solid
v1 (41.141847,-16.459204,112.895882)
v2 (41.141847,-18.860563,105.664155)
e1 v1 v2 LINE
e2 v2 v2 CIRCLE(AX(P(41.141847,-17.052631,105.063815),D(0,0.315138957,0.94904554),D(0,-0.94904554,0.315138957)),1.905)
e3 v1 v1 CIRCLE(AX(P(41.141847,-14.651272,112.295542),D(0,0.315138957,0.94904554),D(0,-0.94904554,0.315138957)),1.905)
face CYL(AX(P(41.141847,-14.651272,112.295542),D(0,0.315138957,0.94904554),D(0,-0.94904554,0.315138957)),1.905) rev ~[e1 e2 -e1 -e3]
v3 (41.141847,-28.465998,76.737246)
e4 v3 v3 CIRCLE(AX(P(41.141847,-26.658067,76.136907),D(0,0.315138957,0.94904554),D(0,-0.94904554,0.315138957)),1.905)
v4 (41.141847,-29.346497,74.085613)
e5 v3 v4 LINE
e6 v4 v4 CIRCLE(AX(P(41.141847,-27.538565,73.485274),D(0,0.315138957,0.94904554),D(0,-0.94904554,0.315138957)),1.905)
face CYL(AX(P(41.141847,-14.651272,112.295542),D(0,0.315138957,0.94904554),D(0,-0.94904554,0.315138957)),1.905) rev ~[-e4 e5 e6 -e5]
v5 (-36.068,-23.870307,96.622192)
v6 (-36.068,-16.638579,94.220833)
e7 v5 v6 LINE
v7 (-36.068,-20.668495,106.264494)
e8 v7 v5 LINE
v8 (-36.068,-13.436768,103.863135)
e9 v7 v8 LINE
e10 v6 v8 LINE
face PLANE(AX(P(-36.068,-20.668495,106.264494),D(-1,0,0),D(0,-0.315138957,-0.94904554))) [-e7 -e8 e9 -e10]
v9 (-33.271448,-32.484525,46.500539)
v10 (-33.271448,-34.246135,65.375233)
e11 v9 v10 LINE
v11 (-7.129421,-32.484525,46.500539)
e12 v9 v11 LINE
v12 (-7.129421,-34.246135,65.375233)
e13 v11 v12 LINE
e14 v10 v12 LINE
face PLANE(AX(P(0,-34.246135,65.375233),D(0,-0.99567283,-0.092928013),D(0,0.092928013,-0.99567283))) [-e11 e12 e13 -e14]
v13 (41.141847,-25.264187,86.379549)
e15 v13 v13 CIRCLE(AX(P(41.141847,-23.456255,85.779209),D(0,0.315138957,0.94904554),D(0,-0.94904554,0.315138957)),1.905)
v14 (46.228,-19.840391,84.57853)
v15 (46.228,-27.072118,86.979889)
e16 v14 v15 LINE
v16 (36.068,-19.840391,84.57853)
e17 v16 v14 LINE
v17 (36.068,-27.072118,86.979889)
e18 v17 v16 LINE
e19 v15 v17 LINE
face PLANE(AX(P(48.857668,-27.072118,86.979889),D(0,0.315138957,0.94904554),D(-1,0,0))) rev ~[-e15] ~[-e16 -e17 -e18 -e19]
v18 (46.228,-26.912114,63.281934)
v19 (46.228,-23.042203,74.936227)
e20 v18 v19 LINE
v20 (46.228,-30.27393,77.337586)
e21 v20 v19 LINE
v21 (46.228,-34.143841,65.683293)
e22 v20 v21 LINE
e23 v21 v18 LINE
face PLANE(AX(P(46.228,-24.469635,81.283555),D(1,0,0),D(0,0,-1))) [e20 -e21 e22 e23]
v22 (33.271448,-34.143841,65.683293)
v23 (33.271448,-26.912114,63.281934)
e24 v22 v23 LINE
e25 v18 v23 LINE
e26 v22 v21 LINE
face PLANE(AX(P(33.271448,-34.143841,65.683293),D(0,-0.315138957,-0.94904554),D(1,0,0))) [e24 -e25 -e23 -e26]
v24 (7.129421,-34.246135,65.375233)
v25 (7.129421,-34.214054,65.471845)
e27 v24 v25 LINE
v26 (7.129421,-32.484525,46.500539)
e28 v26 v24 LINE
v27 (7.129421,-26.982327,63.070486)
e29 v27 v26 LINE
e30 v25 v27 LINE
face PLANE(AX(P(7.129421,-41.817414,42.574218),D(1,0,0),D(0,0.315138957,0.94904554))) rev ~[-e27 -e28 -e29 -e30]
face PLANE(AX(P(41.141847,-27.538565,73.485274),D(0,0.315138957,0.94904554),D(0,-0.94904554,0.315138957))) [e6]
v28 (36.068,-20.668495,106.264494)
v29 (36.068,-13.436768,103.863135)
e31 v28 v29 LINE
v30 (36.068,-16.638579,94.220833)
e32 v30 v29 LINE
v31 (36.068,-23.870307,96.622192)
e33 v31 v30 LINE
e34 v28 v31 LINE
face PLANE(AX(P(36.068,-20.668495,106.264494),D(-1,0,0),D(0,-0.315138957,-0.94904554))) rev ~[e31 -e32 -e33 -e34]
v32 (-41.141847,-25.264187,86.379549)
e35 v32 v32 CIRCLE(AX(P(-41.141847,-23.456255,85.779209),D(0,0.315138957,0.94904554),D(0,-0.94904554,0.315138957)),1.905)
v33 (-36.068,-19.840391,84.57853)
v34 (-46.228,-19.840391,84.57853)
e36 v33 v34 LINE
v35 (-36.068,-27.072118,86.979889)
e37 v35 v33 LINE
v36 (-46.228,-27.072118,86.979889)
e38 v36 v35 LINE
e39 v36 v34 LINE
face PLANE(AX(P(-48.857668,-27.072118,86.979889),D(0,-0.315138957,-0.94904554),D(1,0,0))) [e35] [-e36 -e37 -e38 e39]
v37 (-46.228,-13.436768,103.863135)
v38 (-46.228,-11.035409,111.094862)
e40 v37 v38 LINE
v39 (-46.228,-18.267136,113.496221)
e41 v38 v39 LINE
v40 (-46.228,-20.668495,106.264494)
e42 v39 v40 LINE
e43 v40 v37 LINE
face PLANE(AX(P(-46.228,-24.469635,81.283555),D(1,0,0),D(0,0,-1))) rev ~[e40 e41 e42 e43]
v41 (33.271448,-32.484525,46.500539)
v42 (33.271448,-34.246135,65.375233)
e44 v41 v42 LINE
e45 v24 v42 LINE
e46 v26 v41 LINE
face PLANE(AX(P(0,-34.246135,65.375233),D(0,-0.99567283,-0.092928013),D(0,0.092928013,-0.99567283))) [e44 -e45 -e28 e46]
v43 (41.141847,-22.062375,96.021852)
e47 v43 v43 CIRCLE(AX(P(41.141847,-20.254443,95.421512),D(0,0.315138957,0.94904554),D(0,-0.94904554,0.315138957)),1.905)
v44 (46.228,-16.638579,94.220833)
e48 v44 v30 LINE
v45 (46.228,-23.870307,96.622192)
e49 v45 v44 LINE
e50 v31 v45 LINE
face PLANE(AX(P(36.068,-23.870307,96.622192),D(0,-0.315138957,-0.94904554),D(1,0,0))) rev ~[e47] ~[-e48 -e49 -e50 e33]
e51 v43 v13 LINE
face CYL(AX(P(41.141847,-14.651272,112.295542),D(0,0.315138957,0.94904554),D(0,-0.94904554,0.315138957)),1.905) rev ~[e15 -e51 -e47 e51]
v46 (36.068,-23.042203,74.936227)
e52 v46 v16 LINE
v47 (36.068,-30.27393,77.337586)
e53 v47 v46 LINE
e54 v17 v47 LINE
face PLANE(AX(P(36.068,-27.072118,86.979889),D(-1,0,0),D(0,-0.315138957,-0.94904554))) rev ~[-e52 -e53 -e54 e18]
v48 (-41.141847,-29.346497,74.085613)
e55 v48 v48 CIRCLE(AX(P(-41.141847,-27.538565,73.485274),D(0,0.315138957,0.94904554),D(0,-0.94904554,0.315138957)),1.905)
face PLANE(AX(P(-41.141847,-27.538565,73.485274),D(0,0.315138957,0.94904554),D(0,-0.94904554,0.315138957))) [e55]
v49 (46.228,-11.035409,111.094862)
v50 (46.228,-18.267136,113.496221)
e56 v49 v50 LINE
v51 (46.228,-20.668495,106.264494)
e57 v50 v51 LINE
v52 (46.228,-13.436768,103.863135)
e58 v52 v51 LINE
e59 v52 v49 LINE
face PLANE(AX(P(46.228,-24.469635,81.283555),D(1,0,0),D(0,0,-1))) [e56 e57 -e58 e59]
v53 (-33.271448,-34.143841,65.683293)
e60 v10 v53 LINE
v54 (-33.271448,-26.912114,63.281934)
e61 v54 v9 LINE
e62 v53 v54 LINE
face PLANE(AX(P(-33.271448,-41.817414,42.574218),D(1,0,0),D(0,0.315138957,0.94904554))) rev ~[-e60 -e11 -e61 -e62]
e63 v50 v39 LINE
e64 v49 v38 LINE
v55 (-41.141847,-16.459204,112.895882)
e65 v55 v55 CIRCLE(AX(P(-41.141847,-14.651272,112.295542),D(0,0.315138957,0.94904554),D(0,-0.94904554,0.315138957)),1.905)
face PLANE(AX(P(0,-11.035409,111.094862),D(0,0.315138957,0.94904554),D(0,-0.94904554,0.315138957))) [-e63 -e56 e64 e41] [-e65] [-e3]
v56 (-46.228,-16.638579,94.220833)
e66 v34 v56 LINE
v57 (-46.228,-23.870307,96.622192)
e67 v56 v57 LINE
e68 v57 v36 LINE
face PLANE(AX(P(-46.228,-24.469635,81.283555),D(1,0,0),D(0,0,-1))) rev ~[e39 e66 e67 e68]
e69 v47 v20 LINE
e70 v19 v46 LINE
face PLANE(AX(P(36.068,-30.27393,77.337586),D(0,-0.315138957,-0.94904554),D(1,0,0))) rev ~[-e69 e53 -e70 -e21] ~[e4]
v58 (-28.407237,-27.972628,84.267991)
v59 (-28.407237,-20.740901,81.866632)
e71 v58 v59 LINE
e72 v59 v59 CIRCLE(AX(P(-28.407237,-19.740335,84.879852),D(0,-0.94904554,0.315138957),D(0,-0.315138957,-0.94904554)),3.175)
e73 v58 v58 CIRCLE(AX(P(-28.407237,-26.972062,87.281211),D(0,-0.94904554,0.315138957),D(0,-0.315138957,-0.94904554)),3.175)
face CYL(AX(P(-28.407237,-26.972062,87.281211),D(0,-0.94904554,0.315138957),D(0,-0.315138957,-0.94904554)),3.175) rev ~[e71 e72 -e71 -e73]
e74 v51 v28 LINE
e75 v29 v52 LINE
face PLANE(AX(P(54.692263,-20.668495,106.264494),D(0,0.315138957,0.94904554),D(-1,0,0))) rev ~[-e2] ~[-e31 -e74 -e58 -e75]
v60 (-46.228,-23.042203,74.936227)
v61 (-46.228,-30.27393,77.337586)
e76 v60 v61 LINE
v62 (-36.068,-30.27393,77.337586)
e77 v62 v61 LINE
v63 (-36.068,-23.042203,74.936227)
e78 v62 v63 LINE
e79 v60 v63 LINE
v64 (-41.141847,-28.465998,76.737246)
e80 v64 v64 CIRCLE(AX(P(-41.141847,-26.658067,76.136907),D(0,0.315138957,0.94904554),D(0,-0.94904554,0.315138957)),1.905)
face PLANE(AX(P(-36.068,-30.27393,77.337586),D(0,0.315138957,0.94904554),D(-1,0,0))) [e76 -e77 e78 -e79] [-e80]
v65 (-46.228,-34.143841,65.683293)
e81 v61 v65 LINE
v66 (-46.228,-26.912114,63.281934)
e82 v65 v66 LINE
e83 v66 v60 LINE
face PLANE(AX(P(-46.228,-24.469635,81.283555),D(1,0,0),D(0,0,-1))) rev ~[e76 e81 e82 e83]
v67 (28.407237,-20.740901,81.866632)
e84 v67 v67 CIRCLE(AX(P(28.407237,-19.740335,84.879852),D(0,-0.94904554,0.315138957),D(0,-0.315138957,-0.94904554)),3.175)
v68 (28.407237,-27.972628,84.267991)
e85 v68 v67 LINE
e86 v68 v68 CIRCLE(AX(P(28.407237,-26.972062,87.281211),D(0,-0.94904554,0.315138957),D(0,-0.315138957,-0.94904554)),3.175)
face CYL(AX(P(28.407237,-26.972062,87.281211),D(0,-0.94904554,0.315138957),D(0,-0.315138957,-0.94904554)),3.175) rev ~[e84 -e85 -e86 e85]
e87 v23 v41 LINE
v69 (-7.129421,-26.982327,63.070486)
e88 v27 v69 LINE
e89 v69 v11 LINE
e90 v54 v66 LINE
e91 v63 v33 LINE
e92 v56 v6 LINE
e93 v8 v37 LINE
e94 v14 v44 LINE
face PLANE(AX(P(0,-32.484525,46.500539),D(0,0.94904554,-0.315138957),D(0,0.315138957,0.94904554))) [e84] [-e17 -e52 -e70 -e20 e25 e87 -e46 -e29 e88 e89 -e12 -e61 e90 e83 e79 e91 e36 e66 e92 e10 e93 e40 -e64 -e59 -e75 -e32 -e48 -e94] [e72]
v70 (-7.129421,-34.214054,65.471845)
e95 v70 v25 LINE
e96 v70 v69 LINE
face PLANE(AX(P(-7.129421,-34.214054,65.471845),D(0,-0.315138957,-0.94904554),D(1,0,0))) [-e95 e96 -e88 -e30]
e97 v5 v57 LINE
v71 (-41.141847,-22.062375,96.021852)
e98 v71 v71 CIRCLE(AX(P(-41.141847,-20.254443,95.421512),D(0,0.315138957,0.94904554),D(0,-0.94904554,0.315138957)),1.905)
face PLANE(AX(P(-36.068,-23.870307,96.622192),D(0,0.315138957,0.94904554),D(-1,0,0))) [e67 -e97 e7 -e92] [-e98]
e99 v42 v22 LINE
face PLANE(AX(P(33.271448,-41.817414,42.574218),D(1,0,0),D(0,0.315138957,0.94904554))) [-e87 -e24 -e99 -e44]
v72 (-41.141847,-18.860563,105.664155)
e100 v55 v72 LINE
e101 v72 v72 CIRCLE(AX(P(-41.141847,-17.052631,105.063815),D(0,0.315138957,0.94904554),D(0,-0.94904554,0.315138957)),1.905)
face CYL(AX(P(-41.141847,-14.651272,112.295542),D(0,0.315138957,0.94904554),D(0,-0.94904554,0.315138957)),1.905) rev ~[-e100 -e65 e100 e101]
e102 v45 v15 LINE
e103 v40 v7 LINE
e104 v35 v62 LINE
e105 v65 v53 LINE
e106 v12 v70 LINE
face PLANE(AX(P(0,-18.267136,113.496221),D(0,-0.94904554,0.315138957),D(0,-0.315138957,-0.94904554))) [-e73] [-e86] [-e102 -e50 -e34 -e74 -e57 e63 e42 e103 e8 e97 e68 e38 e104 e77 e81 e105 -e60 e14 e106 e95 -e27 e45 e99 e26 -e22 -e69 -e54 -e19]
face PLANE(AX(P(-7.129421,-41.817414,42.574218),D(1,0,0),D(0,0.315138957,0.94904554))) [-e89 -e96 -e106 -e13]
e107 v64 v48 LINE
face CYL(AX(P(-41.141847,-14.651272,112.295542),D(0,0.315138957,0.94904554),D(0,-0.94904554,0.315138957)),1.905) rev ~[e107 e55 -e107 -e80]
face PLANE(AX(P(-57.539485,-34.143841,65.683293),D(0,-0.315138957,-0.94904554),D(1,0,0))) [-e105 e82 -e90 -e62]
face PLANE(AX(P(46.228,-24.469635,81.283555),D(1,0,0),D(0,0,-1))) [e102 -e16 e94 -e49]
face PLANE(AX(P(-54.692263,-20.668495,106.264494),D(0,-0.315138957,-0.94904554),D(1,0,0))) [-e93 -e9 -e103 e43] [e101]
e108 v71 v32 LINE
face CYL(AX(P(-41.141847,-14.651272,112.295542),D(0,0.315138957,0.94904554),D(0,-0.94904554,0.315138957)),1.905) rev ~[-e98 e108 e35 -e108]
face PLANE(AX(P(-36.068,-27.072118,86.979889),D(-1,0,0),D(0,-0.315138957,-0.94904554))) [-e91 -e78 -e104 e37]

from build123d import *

# Parameters (mm, degrees)
FRAME_DEPTH     = 46.228
SKETCH20_R      = 3.175
SKETCH20_W      = 14.25884162
SKETCH20_H      = 24.127005841
SKETCH20_W_2    = 24.268036887
SKETCH20_H_2    = 24.349806062
EXTRUDE25_DEPTH = 12.7
SKETCH34_R      = 1.905
EXTRUDE26_DEPTH = 40.894


with BuildPart() as part:
    # Sketch2 → Frame (new, symmetric)
    with BuildSketch(Plane(origin=(0, 0, 0), x_dir=(0, 0, -1), z_dir=(1, 0, 0))):
        Polygon((-113.496221263, -18.267135855), (-65.375232853, -34.246135229), (-46.500539013, -32.484524644), (-111.094862411, -11.035408837), align=None)
    extrude(amount=FRAME_DEPTH, both=True)

    # Sketch20 → Extrude25 (cut)
    with BuildSketch(Plane(origin=(0, -50.397568307, 16.734957844), x_dir=(1, 0, 0), z_dir=(0, -0.9490455404212153, 0.31513895698025596))):
        with Locations(Location((-28.407237147, 74.333896504, 0), (0, 0, 270))):
            Circle(SKETCH20_R)
        with Locations(Location((28.407237147, 74.333896504, 0), (0, 0, 270))):
            Circle(SKETCH20_R)
        Polygon((54.692263435, 94.336396504), (36.068, 94.336396504), (36.068, 84.176396504), (48.857667711, 84.176396504), (48.857667711, 74.016396504), (36.068, 74.016396504), (36.068, 63.856396504), (53.624725675, 63.856396504), align=None)
        with Locations((0, 39.290078215)):
            Rectangle(SKETCH20_W, SKETCH20_H)
        with Locations((45.40546607, 39.401478325)):
            Rectangle(SKETCH20_W_2, SKETCH20_H_2)
        with Locations((-45.40546607, 39.401478325)):
            Rectangle(SKETCH20_W_2, SKETCH20_H_2)
        Polygon((-53.624725675, 63.856396504), (-54.692263435, 94.336396504), (-36.068, 94.336396504), (-36.068, 84.176396504), (-48.857667711, 84.176396504), (-48.857667711, 74.016396504), (-36.068, 74.016396504), (-36.068, 63.856396504), align=None)
    extrude(amount=-EXTRUDE25_DEPTH, mode=Mode.SUBTRACT)

    # Sketch34 → Extrude26 (cut)
    with BuildSketch(Plane(origin=(0, 32.130432452, 96.761263419), x_dir=(1, 0, 0), z_dir=(0, 0.3151389569802559, 0.9490455404212153))):
        with Locations(Location((-41.141846717, -49.29342461, 0), (0, 0, 270))):
            Circle(SKETCH34_R)
        with Locations(Location((41.141846717, -49.29342461, 0), (0, 0, 270))):
            Circle(SKETCH34_R)
    extrude(amount=-EXTRUDE26_DEPTH, mode=Mode.SUBTRACT)


solid = part.part
